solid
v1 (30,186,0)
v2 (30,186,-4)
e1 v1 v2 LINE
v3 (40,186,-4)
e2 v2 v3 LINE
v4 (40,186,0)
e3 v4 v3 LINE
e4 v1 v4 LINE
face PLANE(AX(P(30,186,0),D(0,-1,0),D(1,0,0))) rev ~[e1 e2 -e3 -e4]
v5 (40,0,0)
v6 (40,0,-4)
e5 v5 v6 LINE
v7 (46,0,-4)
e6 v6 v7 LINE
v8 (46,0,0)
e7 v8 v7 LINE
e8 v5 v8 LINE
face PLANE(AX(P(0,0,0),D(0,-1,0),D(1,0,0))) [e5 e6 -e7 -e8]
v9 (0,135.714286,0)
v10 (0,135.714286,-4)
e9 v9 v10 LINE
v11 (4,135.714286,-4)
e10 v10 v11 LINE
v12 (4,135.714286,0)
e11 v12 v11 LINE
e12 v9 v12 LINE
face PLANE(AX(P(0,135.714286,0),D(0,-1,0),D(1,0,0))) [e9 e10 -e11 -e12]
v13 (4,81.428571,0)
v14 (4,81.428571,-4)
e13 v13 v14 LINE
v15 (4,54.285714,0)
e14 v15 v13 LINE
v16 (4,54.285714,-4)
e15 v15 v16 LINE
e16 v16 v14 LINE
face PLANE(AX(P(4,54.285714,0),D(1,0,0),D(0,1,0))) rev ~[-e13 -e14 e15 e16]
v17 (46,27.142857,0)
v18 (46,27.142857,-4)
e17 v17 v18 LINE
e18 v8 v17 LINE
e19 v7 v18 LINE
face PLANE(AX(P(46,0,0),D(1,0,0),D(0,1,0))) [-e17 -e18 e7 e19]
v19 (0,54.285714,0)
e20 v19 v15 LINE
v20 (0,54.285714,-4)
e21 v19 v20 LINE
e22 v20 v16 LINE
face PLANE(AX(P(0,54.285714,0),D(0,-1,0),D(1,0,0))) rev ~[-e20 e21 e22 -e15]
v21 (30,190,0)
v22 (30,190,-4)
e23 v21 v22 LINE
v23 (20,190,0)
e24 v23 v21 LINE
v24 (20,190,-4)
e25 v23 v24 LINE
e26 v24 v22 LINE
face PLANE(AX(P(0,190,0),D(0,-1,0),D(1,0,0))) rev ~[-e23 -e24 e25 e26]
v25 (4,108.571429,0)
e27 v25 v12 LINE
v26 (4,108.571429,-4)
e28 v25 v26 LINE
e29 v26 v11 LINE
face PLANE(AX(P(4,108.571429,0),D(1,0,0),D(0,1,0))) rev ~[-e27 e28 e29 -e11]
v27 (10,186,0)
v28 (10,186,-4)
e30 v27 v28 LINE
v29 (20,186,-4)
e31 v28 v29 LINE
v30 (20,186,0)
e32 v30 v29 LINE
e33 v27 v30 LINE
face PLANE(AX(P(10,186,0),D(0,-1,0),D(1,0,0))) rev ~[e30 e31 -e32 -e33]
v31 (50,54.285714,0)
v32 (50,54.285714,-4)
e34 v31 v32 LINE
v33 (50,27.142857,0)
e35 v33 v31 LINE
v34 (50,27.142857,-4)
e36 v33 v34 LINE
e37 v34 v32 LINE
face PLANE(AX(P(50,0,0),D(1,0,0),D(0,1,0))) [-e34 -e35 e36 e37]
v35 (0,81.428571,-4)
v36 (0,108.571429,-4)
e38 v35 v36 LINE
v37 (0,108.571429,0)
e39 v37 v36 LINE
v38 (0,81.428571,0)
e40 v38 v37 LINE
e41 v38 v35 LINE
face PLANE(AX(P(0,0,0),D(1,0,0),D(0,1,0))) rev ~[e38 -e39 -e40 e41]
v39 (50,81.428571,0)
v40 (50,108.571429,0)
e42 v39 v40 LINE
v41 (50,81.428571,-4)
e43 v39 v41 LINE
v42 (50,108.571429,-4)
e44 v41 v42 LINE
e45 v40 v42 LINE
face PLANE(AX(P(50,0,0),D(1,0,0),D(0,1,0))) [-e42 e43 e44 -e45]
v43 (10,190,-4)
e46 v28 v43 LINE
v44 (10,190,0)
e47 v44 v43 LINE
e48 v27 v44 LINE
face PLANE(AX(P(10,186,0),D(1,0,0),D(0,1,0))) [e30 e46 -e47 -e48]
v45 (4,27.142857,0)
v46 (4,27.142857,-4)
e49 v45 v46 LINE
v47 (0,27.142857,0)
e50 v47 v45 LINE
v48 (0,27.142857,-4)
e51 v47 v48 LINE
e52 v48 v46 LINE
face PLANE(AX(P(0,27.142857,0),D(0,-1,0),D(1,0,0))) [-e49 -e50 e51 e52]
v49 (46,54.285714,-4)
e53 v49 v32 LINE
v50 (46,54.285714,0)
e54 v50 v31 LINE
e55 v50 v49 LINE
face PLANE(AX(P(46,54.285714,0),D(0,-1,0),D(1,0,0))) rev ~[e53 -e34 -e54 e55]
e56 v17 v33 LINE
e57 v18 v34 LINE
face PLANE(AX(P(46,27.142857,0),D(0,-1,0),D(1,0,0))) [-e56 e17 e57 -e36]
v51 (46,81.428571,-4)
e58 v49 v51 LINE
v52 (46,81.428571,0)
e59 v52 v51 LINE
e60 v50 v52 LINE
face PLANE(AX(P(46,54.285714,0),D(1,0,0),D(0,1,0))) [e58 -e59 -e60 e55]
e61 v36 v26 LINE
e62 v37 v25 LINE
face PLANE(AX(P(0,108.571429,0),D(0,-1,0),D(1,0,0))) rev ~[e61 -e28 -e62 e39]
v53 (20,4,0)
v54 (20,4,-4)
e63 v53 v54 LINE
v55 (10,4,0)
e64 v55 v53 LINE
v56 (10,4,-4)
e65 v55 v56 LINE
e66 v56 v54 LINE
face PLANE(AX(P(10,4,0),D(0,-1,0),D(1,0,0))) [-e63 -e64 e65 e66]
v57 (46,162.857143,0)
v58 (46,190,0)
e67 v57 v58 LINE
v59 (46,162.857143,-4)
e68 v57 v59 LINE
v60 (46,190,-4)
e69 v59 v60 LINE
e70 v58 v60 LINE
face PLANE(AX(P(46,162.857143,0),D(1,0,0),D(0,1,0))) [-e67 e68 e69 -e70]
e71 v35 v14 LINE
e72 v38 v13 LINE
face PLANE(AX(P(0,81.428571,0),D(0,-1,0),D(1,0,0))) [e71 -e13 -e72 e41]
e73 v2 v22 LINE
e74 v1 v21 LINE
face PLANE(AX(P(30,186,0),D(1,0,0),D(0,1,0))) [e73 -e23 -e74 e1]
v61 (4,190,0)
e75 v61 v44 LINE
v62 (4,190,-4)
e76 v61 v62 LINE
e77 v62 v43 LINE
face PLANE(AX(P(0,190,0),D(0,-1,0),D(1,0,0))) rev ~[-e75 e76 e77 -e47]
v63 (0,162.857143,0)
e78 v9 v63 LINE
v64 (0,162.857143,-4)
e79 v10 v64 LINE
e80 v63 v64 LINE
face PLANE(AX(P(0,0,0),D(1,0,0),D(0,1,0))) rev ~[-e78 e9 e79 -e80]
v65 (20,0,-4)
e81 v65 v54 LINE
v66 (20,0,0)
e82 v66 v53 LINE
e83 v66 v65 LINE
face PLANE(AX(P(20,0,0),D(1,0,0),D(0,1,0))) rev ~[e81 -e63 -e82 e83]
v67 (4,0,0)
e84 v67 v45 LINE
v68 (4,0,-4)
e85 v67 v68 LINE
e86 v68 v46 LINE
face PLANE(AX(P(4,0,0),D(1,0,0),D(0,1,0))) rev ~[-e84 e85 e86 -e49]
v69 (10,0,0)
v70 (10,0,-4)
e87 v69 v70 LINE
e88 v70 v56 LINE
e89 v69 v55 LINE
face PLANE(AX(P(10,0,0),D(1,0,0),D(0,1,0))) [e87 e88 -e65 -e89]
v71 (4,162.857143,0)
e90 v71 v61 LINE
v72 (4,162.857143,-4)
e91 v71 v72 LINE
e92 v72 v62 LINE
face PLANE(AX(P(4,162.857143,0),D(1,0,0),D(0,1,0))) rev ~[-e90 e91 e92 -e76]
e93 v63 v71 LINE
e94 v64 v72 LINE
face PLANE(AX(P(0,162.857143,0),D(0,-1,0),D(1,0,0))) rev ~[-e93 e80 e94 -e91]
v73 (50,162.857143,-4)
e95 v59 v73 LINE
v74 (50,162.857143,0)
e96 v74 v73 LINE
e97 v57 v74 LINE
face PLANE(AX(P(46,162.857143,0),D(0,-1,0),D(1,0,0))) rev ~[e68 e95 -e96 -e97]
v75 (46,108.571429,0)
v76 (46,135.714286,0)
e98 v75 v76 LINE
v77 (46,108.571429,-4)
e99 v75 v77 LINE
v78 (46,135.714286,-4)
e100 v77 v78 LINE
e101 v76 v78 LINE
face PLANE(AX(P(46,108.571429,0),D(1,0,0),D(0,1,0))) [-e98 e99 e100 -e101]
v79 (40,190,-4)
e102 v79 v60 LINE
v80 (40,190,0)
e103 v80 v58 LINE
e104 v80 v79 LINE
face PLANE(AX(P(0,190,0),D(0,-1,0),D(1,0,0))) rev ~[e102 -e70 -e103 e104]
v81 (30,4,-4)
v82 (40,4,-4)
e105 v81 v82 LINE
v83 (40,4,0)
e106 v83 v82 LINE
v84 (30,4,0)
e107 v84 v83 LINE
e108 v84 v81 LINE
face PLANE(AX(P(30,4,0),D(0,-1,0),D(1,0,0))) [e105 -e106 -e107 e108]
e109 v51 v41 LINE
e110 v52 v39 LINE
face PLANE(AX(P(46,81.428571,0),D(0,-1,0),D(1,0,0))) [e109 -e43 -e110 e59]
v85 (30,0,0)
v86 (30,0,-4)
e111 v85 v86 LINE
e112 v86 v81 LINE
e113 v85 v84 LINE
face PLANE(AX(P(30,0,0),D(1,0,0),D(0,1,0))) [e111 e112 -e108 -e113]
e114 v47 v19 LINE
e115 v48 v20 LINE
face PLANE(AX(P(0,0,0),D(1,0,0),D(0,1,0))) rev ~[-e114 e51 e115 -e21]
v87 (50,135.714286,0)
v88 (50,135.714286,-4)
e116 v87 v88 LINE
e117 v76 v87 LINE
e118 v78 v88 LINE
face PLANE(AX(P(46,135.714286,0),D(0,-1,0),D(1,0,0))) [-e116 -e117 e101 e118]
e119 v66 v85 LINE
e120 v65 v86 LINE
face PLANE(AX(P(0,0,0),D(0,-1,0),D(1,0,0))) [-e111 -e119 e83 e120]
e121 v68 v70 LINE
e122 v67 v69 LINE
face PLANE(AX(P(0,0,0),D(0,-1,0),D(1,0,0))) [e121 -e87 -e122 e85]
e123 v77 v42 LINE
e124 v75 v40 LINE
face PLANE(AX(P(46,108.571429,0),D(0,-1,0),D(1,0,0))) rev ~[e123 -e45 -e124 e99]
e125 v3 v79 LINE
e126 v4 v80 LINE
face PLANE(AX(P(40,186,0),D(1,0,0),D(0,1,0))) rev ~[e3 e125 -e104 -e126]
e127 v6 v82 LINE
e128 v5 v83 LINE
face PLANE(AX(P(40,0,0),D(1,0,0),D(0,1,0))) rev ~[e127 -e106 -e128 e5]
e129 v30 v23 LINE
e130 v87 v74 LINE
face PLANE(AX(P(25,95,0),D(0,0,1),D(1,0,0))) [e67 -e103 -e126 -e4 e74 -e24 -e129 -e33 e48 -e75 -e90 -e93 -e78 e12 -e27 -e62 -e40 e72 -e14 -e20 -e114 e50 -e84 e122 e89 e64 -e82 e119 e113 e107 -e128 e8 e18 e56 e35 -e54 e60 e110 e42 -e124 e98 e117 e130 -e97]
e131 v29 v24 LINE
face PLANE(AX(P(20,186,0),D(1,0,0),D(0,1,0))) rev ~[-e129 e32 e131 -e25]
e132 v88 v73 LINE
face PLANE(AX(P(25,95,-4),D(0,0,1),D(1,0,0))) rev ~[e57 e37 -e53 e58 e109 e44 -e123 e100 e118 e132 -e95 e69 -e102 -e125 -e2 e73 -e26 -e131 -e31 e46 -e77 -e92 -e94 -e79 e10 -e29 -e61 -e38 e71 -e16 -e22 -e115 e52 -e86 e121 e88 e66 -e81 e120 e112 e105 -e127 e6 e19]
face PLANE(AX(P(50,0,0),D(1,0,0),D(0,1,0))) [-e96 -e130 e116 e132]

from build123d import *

# Parameters (mm, degrees)
BUITENAFMETING_RECHTHOEK_W  = 50
BUITENAFMETING_RECHTHOEK_H  = 190
PLAAT_DEPTH                 = 4
TAND_HOR_W                  = 10
TAND_HOR_H                  = 4
TAND_BOVEN_DEPTH            = 5
TANDEN_PATROON_BOVEN_COUNT  = 2
TANDEN_PATROON_BOVEN_PITCH  = 20
TAND_VER_W                  = 4
TAND_VER_H                  = 27.142857143
TAND_LINKS_DEPTH            = 5
TANDEN_PATROON_LINKS_COUNT  = 4
TANDEN_PATROON_LINKS_PITCH  = 54.285714286
TAND_O_W                    = 10
TAND_O_H                    = 4
TAND_ONDER_DEPTH            = 5
TANDEN_PATROON_ONDER_COUNT  = 2
TANDEN_PATROON_ONDER_PITCH  = 20
TAND_R_W                    = 4
TAND_R_H                    = 27.142857143
TAND_RECHTS_DEPTH           = 5
TANDEN_PATROON_RECHTS_COUNT = 4
TANDEN_PATROON_RECHTS_PITCH = 54.285714286


with BuildPart() as part:
    # Buitenafmeting Rechthoek → Plaat (new body)
    with BuildSketch(Plane.XY):
        with Locations((25, 95)):
            Rectangle(BUITENAFMETING_RECHTHOEK_W, BUITENAFMETING_RECHTHOEK_H)
    extrude(amount=-PLAAT_DEPTH)

    # Tand Hor → Tand Boven (cut, through all)
    with BuildSketch(Plane.XY):
        with Locations((15, 188)):
            Rectangle(TAND_HOR_W, TAND_HOR_H)
    tand_boven = extrude(amount=-TAND_BOVEN_DEPTH, mode=Mode.SUBTRACT)

    # Tanden Patroon Boven: Tand Boven ×2
    with Locations(*[(i * TANDEN_PATROON_BOVEN_PITCH, 0, 0) for i in range(1, TANDEN_PATROON_BOVEN_COUNT)]):
        add(tand_boven, mode=Mode.SUBTRACT)

    # Tand Ver → Tand Links (cut, through all)
    with BuildSketch(Plane.XY):
        with Locations((2, 176.428571428)):
            Rectangle(TAND_VER_W, TAND_VER_H)
    tand_links = extrude(amount=-TAND_LINKS_DEPTH, mode=Mode.SUBTRACT)

    # Tanden Patroon Links: Tand Links ×4
    with Locations(*[(0, -i * TANDEN_PATROON_LINKS_PITCH, 0) for i in range(1, TANDEN_PATROON_LINKS_COUNT)]):
        add(tand_links, mode=Mode.SUBTRACT)

    # Tand O → Tand Onder (cut, through all)
    with BuildSketch(Plane.XY):
        with Locations((15, 2)):
            Rectangle(TAND_O_W, TAND_O_H)
    tand_onder = extrude(amount=-TAND_ONDER_DEPTH, mode=Mode.SUBTRACT)

    # Tanden Patroon Onder: Tand Onder ×2
    with Locations(*[(i * TANDEN_PATROON_ONDER_PITCH, 0, 0) for i in range(1, TANDEN_PATROON_ONDER_COUNT)]):
        add(tand_onder, mode=Mode.SUBTRACT)

    # Tand R → Tand Rechts (cut, through all)
    with BuildSketch(Plane.XY):
        with Locations((48, 176.428571428)):
            Rectangle(TAND_R_W, TAND_R_H)
    tand_rechts = extrude(amount=-TAND_RECHTS_DEPTH, mode=Mode.SUBTRACT)

    # Tanden Patroon Rechts: Tand Rechts ×4
    with Locations(*[(0, -i * TANDEN_PATROON_RECHTS_PITCH, 0) for i in range(1, TANDEN_PATROON_RECHTS_COUNT)]):
        add(tand_rechts, mode=Mode.SUBTRACT)


solid = part.part
